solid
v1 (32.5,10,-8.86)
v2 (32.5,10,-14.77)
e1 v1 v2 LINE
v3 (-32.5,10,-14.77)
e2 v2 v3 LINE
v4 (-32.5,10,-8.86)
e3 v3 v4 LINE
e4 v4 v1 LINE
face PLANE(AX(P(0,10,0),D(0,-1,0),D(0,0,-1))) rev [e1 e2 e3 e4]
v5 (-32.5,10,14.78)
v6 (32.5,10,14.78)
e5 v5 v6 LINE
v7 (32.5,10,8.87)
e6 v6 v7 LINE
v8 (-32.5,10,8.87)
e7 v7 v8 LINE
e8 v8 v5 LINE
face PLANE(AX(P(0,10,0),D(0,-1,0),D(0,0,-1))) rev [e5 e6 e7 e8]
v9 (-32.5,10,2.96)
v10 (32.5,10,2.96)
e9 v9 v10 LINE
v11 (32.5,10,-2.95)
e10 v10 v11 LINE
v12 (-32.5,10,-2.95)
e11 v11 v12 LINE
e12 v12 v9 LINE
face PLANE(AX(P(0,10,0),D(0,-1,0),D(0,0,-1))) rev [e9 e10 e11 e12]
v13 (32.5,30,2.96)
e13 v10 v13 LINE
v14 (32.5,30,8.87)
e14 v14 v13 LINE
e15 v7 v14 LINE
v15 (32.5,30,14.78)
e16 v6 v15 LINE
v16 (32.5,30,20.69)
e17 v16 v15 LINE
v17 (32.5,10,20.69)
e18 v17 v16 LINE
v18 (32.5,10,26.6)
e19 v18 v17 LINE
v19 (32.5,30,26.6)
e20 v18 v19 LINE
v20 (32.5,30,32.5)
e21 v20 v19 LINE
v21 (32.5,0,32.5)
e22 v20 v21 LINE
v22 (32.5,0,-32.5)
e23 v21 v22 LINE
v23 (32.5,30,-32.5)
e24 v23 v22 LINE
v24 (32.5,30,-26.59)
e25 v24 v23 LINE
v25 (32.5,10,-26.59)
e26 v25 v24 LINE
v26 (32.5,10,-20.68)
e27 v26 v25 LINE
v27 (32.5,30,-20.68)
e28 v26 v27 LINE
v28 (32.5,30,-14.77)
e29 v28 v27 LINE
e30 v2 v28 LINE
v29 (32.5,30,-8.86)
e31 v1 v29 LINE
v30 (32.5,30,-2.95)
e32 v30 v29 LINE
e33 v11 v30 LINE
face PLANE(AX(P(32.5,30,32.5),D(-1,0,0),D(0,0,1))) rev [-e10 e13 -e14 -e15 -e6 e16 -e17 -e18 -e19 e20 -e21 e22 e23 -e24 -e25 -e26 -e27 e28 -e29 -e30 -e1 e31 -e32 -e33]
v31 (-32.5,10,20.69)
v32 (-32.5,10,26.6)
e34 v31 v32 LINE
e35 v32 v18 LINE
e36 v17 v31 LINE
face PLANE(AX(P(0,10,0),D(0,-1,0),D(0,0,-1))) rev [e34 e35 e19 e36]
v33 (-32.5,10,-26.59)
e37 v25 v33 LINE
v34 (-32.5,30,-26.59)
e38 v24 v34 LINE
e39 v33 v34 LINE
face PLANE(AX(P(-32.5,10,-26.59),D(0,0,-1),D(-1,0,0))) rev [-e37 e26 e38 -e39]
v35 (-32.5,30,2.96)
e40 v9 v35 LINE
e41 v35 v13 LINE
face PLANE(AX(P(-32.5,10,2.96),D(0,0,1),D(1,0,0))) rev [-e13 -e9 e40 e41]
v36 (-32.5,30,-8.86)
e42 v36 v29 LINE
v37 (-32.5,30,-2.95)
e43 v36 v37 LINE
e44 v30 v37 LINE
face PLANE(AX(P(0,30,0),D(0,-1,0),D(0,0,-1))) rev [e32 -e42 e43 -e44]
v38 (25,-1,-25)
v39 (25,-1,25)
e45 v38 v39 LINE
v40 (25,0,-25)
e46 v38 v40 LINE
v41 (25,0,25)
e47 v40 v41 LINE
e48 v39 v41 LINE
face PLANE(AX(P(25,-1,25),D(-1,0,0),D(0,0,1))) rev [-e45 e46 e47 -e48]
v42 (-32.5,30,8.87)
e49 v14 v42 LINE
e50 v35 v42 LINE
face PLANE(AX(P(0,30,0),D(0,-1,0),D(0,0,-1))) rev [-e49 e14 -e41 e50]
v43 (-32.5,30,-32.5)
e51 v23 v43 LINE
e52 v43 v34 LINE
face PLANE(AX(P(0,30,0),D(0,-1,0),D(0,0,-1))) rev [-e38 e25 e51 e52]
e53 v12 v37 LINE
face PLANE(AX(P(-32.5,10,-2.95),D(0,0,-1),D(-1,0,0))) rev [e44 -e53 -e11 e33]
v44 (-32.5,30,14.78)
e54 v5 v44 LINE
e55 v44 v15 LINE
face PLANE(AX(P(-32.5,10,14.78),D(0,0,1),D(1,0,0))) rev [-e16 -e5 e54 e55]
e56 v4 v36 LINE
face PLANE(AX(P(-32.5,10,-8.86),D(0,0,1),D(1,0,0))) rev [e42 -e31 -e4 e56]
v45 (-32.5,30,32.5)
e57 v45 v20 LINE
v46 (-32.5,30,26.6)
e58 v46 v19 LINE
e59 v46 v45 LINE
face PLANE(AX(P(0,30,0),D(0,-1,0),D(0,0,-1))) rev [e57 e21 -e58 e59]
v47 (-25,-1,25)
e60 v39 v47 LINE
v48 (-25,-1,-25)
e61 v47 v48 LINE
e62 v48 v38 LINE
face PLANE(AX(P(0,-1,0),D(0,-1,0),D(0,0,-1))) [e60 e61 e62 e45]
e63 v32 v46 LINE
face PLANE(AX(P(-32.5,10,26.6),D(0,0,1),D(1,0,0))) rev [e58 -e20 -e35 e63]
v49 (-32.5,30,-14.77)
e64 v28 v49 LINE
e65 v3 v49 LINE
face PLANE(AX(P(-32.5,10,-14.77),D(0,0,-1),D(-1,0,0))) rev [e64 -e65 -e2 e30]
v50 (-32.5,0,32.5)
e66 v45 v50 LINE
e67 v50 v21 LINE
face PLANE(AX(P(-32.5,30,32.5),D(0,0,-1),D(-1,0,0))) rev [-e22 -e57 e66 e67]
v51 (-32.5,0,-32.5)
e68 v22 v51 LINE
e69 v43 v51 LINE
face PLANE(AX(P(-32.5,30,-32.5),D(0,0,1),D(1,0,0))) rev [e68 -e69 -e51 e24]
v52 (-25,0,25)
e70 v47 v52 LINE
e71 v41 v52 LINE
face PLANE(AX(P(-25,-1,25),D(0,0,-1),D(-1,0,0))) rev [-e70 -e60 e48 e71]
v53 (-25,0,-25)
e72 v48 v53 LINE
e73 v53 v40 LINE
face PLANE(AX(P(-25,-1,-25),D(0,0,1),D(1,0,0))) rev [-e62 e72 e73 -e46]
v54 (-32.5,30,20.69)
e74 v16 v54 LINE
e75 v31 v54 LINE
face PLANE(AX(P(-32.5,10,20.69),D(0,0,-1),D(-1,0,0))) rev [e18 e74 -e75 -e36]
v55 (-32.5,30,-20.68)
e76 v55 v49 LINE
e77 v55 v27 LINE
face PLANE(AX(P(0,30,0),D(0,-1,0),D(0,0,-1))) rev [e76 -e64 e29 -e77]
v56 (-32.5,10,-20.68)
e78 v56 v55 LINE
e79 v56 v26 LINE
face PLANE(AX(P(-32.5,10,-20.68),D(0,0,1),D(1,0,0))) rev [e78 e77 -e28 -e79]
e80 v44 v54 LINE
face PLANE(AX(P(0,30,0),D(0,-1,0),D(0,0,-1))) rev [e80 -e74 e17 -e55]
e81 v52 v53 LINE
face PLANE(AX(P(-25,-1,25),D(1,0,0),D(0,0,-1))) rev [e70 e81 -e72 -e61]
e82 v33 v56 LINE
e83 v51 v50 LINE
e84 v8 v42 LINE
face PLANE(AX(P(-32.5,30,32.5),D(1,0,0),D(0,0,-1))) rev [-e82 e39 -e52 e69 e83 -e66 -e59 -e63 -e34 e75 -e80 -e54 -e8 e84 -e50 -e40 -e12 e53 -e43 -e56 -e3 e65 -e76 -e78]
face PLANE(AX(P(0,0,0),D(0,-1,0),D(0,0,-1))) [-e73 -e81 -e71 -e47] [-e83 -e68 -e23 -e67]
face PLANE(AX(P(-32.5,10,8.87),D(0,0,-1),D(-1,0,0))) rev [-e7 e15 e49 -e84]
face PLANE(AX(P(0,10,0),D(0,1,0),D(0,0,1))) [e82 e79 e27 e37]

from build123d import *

# Parameters (mm, degrees)
SKETCH1_W      = 65
SKETCH1_H      = 65
EXTRUDE1_DEPTH = 30
SKETCH2_W      = 65
SKETCH2_H      = 5.91
EXTRUDE2_DEPTH = 20
SKETCH3_W      = 50
SKETCH3_H      = 50
EXTRUDE3_DEPTH = 1


with BuildPart() as part:
    # Sketch1 → Extrude1 (new body)
    with BuildSketch(Plane(origin=(0, 0, 0), x_dir=(1, 0, 0), z_dir=(0, 1, 0))):
        Rectangle(SKETCH1_W, SKETCH1_H)
    extrude(amount=EXTRUDE1_DEPTH)

    # Sketch2 → Extrude2 (cut)
    with BuildSketch(Plane(origin=(0, 30, 0), x_dir=(1, 0, 0), z_dir=(0, 1, 0))):
        with Locations((0, 23.635)):
            Rectangle(SKETCH2_W, SKETCH2_H)
        with Locations((0, 11.815)):
            Rectangle(SKETCH2_W, SKETCH2_H)
        with Locations((0, -0.005)):
            Rectangle(SKETCH2_W, SKETCH2_H)
        with Locations((0, -11.825)):
            Rectangle(SKETCH2_W, SKETCH2_H)
        with Locations((0, -23.645)):
            Rectangle(SKETCH2_W, SKETCH2_H)
    extrude(amount=-EXTRUDE2_DEPTH, mode=Mode.SUBTRACT)

    # Sketch3 → Extrude3 (add)
    with BuildSketch(Plane.XZ):
        Rectangle(SKETCH3_W, SKETCH3_H)
    extrude(amount=EXTRUDE3_DEPTH)


solid = part.part
